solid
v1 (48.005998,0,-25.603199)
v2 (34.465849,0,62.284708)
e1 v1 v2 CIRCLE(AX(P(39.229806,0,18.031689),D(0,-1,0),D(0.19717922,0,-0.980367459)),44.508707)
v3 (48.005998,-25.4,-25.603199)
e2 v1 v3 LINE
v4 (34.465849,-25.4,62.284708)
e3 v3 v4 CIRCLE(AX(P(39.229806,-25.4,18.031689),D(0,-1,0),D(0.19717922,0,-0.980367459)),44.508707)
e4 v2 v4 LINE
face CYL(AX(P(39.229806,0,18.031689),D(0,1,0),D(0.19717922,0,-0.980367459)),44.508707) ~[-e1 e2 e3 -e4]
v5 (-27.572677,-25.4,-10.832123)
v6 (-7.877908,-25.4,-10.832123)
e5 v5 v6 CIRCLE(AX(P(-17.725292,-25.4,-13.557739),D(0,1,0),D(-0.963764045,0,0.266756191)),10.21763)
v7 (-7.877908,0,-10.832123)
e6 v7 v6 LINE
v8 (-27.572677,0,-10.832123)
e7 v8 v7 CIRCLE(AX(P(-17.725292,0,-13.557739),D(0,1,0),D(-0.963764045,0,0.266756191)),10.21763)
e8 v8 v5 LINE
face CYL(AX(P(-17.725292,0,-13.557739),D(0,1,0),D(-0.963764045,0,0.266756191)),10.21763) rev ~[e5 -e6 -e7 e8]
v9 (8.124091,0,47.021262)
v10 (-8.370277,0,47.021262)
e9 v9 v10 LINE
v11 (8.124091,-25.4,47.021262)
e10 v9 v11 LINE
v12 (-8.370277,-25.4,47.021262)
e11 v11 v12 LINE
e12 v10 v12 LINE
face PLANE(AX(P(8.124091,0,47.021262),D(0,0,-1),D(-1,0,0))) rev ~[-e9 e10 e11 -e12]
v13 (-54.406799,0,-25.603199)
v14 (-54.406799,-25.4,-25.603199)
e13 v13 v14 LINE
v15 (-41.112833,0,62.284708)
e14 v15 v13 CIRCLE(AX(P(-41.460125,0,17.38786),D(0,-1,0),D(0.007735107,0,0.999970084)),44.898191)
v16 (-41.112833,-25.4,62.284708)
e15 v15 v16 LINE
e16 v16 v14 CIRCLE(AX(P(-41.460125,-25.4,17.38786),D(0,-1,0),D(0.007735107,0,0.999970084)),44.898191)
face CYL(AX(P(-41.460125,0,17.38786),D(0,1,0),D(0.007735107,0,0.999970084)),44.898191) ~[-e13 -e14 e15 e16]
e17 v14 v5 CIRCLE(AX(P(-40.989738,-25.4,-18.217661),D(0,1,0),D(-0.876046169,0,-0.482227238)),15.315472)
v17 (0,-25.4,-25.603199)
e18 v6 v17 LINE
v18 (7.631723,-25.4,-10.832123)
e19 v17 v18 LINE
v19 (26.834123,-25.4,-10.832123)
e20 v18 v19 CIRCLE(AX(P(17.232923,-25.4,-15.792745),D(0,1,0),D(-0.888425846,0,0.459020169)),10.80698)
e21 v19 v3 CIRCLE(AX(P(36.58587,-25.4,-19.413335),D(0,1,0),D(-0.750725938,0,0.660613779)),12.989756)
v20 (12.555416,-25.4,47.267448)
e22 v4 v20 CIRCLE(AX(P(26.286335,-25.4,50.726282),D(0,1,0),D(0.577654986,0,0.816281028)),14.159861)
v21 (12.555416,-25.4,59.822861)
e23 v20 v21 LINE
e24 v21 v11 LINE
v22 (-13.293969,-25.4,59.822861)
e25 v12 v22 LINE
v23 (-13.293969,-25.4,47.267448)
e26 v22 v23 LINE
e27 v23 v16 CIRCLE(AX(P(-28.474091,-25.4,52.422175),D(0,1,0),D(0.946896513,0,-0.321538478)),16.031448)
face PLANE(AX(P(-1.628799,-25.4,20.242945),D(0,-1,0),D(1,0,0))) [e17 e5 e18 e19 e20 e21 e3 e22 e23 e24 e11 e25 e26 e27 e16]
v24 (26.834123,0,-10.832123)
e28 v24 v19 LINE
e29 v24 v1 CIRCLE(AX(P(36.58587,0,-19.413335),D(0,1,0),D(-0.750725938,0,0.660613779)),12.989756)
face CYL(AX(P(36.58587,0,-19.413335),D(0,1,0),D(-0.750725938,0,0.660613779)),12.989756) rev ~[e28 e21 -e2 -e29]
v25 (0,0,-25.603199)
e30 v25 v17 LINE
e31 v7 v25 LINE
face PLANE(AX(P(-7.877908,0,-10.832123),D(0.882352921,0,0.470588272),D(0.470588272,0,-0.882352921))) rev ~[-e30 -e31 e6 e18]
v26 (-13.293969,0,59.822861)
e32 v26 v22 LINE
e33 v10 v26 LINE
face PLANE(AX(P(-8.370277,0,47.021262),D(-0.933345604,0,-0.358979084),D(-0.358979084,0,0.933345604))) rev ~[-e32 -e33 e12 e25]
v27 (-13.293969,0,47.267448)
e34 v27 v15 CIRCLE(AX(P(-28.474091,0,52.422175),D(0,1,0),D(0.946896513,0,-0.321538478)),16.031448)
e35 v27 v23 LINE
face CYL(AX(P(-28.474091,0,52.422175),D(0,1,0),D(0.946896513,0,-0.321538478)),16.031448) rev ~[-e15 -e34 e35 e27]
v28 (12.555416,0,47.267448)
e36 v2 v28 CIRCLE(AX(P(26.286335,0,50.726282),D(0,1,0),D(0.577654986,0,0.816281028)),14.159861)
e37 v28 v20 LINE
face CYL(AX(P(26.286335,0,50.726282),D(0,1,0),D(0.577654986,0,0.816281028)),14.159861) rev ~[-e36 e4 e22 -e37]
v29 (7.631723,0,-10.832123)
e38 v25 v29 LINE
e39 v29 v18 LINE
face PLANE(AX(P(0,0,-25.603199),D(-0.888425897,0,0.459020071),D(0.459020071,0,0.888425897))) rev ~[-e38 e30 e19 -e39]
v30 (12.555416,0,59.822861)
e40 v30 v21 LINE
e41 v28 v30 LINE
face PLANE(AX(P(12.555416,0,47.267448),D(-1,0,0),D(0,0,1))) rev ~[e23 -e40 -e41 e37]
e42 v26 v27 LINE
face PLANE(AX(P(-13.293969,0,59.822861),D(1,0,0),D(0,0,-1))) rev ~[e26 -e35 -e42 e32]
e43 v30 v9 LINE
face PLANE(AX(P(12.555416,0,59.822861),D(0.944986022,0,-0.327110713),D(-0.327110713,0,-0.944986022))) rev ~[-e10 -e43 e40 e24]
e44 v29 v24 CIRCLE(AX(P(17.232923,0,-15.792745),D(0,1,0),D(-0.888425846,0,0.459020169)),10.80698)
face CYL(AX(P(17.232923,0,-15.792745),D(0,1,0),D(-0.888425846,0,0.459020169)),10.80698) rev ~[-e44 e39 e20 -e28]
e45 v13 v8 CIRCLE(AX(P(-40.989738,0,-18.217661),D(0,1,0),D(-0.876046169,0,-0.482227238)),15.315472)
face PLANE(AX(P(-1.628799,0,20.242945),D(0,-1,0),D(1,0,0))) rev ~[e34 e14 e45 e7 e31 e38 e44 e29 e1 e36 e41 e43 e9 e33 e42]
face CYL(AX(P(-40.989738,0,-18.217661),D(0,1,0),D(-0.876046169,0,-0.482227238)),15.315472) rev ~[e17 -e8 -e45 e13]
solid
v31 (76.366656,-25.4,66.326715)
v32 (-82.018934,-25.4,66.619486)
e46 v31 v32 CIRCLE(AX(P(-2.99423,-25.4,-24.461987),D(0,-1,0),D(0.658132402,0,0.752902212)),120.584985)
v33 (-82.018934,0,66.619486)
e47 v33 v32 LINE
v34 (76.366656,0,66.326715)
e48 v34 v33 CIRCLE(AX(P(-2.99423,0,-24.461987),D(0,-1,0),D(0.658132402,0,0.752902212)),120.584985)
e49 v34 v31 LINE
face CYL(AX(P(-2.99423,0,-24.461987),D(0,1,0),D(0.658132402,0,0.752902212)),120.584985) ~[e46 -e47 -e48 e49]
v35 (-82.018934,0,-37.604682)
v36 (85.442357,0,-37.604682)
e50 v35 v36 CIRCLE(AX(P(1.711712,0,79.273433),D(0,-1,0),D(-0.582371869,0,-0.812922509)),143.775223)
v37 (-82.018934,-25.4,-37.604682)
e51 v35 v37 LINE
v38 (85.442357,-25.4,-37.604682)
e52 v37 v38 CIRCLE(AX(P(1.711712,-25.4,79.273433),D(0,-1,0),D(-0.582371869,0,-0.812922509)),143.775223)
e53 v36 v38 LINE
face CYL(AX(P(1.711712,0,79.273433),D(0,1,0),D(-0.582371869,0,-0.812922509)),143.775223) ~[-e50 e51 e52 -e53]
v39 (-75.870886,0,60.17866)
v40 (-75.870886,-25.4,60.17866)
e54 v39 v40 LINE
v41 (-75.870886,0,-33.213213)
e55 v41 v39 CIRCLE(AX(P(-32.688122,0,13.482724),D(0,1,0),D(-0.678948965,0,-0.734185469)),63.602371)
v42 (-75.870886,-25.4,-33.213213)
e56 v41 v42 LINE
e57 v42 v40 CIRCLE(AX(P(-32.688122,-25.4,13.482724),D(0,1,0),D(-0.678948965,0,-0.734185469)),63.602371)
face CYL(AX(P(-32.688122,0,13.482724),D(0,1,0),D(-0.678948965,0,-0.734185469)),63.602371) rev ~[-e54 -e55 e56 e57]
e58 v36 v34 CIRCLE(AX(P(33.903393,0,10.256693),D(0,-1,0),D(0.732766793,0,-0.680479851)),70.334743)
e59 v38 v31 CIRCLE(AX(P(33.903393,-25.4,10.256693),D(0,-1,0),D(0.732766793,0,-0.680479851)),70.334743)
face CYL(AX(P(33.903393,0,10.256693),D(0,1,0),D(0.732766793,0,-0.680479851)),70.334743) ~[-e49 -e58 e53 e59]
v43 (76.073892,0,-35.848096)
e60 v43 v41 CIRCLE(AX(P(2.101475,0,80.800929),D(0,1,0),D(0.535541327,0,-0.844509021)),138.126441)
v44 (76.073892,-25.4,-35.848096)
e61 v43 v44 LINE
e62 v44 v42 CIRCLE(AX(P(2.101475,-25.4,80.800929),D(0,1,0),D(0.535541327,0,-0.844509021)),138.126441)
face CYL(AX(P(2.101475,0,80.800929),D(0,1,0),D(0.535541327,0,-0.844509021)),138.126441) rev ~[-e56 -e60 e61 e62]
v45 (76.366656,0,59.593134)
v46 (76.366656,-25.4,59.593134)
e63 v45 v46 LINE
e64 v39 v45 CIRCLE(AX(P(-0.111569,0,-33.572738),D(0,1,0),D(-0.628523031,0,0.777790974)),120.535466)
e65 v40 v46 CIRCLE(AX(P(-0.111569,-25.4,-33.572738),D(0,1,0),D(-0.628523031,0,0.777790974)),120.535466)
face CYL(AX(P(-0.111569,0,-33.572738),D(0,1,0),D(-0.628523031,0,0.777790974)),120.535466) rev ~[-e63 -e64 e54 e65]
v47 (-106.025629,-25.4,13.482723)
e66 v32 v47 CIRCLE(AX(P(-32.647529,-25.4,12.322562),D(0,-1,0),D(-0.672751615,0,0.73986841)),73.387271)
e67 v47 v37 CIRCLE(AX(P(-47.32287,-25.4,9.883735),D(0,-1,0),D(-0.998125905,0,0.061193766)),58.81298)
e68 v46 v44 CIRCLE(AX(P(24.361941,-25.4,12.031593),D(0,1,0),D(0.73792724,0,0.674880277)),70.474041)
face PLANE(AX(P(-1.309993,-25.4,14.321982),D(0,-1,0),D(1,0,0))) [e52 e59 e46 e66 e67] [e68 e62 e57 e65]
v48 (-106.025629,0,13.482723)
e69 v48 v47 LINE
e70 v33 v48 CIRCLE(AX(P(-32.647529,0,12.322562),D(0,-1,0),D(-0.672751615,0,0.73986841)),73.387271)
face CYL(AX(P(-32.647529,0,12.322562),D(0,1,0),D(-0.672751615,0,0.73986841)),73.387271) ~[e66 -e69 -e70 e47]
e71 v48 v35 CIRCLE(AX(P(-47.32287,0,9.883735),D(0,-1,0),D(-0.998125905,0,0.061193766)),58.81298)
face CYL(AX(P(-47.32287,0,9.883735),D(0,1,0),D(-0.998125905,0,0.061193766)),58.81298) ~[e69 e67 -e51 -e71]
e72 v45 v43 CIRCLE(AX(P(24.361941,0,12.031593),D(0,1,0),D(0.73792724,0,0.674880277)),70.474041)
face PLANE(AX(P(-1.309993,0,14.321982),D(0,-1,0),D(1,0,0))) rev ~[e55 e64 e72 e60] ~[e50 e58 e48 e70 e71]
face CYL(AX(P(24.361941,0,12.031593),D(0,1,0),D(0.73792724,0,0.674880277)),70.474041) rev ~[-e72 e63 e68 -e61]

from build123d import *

# Parameters (mm, degrees)
F1_DEPTH = 25.4


with BuildPart() as f1:
    # F0 (on Front) → F1 (new body)
    with BuildSketch(Plane.XZ):
        with BuildLine():
            ThreePointArc((76.366656, 66.326715), (-2.771333, 96.122792), (-82.018934, 66.619486))
            ThreePointArc((-82.018934, 66.619486), (-99.526069, 42.537665), (-106.025629, 13.482723))
            ThreePointArc((-106.025629, 13.482723), (-100.55177, -15.129278), (-82.018934, -37.604682))
            ThreePointArc((-82.018934, -37.604682), (1.711711, -64.50179), (85.442357, -37.604682))
            ThreePointArc((85.442357, -37.604682), (103.971492, 16.375317), (76.366656, 66.326715))
        make_face()
        with BuildLine():
            ThreePointArc((-75.870886, -33.213213), (-96.290493, 13.482723), (-75.870886, 60.17866))
            ThreePointArc((-75.870886, 60.17866), (0.352022, 86.961837), (76.366656, 59.593134))
            ThreePointArc((76.366656, 59.593134), (94.835651, 11.815417), (76.073892, -35.848096))
            ThreePointArc((76.073892, -35.848096), (-0.293424, -57.304748), (-75.870886, -33.213213))
        make_face(mode=Mode.SUBTRACT)
        with BuildLine():
            Line((8.124091, 47.021262), (-8.370277, 47.021262))
            Line((-8.370277, 47.021262), (-13.293969, 59.822861))
            Line((-13.293969, 59.822861), (-13.293969, 47.267448))
            ThreePointArc((-13.293969, 47.267448), (-36.089482, 38.314973), (-41.112833, 62.284708))
            ThreePointArc((-41.112833, 62.284708), (-85.853336, 24.102798), (-54.406799, -25.603199))
            ThreePointArc((-54.406799, -25.603199), (-48.375276, -4.8006), (-27.572677, -10.832123))
            ThreePointArc((-27.572677, -10.832123), (-17.725292, -3.340109), (-7.877908, -10.832123))
            Line((-7.877908, -10.832123), (0, -25.603199))
            Line((0, -25.603199), (7.631723, -10.832123))
            ThreePointArc((7.631723, -10.832123), (17.232923, -4.985765), (26.834123, -10.832123))
            ThreePointArc((26.834123, -10.832123), (44.018369, -8.760086), (48.005998, -25.603199))
            ThreePointArc((48.005998, -25.603199), (83.219527, 24.808814), (34.465849, 62.284708))
            ThreePointArc((34.465849, 62.284708), (34.291586, 39.046487), (12.555416, 47.267448))
            Line((12.555416, 47.267448), (12.555416, 59.822861))
            Line((12.555416, 59.822861), (8.124091, 47.021262))
        make_face()
    extrude(amount=F1_DEPTH)


solid = f1.part
